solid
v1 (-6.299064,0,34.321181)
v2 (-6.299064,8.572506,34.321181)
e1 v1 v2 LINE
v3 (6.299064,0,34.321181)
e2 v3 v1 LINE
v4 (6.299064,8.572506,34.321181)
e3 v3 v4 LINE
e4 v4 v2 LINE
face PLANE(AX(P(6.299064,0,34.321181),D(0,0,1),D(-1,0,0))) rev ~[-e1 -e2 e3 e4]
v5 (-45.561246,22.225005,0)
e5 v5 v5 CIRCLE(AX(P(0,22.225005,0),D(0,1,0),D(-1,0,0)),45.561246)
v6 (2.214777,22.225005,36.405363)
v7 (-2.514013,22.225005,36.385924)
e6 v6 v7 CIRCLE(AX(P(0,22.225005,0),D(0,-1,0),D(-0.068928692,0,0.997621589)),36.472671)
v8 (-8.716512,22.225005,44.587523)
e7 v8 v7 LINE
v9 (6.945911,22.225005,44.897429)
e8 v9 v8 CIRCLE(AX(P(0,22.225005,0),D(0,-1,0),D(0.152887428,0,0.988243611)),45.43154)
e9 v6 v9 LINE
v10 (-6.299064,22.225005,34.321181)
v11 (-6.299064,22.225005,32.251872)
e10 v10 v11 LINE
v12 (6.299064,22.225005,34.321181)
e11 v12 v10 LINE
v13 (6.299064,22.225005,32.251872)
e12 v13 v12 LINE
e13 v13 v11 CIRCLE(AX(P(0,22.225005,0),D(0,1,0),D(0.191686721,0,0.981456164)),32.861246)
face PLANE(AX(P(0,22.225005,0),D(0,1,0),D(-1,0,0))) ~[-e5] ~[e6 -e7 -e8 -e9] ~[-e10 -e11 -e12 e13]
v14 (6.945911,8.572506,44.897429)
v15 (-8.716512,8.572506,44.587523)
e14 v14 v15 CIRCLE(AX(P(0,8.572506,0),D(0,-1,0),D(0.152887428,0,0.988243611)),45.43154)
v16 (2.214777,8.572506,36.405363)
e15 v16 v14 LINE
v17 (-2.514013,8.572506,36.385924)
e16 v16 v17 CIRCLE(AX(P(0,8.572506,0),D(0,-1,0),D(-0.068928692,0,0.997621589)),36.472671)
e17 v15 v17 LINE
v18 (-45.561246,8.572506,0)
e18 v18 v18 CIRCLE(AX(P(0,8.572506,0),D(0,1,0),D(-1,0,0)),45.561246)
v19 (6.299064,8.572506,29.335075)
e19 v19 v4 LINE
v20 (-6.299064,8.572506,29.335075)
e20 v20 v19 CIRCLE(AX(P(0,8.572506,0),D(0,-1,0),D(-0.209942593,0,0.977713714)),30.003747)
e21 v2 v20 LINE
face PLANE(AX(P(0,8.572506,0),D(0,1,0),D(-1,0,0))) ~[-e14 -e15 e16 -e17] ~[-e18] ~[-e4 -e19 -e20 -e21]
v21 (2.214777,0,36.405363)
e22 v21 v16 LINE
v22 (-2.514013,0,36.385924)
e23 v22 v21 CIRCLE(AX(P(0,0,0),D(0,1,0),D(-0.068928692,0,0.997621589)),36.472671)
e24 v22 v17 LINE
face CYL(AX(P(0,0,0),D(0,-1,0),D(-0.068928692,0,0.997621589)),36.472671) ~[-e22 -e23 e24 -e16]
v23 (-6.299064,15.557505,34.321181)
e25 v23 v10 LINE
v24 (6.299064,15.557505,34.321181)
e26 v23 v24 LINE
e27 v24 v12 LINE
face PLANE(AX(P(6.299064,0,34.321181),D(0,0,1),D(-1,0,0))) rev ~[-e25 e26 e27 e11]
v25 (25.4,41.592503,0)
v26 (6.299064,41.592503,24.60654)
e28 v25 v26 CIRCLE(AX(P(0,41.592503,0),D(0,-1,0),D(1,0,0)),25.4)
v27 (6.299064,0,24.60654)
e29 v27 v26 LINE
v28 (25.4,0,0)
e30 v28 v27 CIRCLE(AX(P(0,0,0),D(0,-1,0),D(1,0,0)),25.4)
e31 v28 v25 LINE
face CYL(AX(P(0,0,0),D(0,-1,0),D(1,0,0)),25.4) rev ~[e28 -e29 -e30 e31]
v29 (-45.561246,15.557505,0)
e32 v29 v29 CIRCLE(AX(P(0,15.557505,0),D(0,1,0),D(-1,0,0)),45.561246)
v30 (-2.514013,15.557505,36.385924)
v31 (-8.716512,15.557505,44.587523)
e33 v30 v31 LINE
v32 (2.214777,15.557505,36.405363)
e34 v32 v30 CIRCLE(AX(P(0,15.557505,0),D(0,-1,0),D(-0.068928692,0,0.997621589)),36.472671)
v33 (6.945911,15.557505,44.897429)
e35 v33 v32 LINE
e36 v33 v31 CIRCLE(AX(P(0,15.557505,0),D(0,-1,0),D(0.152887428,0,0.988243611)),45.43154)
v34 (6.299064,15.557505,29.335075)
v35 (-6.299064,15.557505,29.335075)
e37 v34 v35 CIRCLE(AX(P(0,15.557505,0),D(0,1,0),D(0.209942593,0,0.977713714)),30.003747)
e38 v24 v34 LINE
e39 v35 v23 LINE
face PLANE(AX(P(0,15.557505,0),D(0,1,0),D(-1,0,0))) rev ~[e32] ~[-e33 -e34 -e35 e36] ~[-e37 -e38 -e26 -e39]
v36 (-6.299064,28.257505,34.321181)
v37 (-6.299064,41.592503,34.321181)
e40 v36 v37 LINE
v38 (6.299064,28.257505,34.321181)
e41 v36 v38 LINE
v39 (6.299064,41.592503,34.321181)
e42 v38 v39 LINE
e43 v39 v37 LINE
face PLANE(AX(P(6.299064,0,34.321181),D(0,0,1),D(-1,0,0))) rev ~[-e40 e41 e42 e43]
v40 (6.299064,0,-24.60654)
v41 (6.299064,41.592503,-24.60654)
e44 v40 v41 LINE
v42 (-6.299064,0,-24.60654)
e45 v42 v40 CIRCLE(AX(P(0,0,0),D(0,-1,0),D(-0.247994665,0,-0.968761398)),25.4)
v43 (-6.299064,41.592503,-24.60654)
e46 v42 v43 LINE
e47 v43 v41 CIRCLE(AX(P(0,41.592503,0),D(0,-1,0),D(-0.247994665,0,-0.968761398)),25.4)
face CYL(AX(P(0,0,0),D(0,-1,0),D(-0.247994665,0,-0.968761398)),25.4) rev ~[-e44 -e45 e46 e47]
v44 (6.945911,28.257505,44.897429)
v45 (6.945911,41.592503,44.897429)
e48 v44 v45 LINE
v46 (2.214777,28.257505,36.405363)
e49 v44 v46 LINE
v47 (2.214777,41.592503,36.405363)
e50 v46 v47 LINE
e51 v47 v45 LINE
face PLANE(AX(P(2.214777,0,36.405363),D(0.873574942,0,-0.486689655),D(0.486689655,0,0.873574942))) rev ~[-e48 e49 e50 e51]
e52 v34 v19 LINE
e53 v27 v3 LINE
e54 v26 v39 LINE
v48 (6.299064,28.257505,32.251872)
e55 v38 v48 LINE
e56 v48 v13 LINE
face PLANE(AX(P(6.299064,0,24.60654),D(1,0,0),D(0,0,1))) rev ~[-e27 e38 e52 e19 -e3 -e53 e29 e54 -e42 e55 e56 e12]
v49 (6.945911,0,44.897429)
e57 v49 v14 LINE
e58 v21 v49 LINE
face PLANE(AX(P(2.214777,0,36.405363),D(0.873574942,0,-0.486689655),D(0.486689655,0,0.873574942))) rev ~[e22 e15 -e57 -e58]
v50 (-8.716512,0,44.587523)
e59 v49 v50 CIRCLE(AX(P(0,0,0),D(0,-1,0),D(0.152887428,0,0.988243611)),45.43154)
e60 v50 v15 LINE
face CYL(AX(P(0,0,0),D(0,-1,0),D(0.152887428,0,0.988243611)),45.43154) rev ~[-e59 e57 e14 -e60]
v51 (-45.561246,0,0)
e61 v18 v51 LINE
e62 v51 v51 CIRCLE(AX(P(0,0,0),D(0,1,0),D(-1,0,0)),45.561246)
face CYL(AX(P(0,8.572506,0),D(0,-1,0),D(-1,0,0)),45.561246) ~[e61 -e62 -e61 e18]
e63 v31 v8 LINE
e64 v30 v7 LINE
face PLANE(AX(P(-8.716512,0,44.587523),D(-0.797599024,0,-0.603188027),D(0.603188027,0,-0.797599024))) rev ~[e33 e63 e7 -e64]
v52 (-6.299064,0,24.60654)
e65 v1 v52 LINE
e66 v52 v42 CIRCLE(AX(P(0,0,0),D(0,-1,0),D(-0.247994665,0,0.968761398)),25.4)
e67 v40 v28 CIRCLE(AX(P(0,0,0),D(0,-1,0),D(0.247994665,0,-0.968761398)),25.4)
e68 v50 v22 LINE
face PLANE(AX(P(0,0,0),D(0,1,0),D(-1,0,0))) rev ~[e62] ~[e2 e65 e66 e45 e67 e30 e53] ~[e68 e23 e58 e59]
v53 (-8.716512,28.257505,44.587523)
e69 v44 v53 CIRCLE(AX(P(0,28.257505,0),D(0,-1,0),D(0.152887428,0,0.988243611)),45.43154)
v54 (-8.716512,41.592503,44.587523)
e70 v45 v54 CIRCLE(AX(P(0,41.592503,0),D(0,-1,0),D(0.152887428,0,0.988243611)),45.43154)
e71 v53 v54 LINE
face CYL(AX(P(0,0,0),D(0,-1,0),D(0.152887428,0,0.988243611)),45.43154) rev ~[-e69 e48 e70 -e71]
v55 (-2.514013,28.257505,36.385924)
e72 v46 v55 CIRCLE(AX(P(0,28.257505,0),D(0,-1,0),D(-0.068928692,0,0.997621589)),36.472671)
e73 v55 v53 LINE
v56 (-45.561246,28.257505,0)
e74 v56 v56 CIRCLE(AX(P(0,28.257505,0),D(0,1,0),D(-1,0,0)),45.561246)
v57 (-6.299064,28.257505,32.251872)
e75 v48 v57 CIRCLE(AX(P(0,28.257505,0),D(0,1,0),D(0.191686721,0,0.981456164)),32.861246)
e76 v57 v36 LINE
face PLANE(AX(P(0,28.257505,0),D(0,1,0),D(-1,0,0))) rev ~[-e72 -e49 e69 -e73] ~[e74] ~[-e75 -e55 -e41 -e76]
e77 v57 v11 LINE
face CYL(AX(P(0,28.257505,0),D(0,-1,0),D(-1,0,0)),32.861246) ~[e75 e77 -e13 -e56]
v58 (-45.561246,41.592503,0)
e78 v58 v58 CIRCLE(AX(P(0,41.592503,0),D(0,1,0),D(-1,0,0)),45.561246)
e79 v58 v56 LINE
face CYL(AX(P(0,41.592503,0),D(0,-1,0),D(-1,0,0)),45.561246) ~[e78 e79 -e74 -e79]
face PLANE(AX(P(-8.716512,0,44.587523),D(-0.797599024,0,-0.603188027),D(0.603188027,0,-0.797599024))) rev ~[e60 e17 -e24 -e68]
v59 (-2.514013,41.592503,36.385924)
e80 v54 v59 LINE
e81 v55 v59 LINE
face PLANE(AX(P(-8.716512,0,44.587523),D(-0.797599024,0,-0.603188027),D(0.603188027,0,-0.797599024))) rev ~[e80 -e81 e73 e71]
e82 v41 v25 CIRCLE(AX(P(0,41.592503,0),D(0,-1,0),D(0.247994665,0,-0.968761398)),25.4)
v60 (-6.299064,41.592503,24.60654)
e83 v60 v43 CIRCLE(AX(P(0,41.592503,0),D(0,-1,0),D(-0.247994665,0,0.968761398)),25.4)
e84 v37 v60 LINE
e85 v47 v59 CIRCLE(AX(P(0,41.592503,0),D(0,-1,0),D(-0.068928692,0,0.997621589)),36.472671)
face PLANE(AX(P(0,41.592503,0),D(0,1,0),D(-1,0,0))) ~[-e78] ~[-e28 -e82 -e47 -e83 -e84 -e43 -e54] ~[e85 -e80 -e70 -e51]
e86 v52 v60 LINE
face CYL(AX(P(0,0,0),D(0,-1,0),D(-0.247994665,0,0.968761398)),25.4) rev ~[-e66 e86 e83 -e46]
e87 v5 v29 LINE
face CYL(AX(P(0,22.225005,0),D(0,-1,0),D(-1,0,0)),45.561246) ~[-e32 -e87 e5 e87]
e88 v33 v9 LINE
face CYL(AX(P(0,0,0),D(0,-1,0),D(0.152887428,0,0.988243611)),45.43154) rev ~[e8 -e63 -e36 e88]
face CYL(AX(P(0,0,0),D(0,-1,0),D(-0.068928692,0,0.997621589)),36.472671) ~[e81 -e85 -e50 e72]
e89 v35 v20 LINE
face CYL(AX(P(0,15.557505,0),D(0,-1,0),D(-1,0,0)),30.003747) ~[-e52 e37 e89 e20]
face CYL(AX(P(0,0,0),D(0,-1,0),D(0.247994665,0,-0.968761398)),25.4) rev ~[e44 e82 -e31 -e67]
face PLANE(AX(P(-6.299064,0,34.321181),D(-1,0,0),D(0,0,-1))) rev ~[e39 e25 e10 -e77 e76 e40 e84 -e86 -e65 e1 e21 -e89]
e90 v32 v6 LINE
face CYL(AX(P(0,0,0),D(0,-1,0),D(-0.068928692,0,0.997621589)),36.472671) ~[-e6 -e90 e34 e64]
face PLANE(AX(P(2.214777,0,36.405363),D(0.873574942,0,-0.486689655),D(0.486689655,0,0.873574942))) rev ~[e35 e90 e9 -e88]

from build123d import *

# Parameters (mm, degrees)
F3_D     = 13.1064
F2_W     = 6.2990644947
F2_H     = 14.0903731808
F2_W_2   = 3.3267904073
F4_DEPTH = 121.412
F6_DEPTH = 62.23


with BuildPart() as f1:
    # F0 (on Top) → F1 (revolve)
    with BuildSketch(Plane.XY):
        Polygon((-45.5612460607, 0), (0, 0), (0, 41.5925026262), (-45.5612460607, 41.5925026262), (-45.5612460607, 28.2575048772), (-32.8612460607, 28.2575048772), (-32.8612460607, 22.2250052524), (-45.5612460607, 22.2250052524), (-45.5612460607, 15.5575048772), (-30.0037471862, 15.5575048772), (-30.0037471862, 8.5725056276), (-45.5612460607, 8.5725056276), align=None)
    revolve(axis=Axis((0, 20.7962513131, 0), (0, 1, 0)))

    # F3 (through all)
    with Locations(Plane.XZ):
        with Locations((0, 0)):
            Hole(F3_D / 2)

    # F2 (on face) → F4 (cut)
    with BuildSketch(Plane.XZ):
        with BuildLine():
            ThreePointArc((-6.2990644947, 24.6065395066), (0, 25.4), (6.2990644947, 24.6065395066))
            Line((6.2990644947, 24.6065395066), (6.2990644947, 34.3211814761))
            Line((6.2990644947, 34.3211814761), (-6.2990644947, 34.3211814761))
            Line((-6.2990644947, 34.3211814761), (-6.2990644947, 24.6065395066))
        make_face()
        with BuildLine():
            Line((-6.2990644947, -24.6065395066), (-6.2990644947, 24.6065395066))
            ThreePointArc((-6.2990644947, 24.6065395066), (-25.4, 0), (-6.2990644947, -24.6065395066))
        make_face()
        with BuildLine():
            ThreePointArc((6.2990644947, -24.6065395066), (20.0643494557, -15.5750403183), (25.4, 0))
            ThreePointArc((25.4, 0), (20.0643494557, 15.5750403183), (6.2990644947, 24.6065395066))
            Line((6.2990644947, 24.6065395066), (6.2990644947, 14.0903731808))
            Line((6.2990644947, 14.0903731808), (9.625854902, 14.0903731808))
            Line((9.625854902, 14.0903731808), (9.625854902, 0))
            Line((9.625854902, 0), (6.2990644947, 0))
            Line((6.2990644947, 0), (6.2990644947, -24.6065395066))
        make_face()
        with BuildLine():
            Line((6.2990644947, 14.0903731808), (6.2990644947, 24.6065395066))
            ThreePointArc((6.2990644947, 24.6065395066), (0, 25.4), (-6.2990644947, 24.6065395066))
            Line((-6.2990644947, 24.6065395066), (-6.2990644947, -24.6065395066))
            ThreePointArc((-6.2990644947, -24.6065395066), (0, -25.4), (6.2990644947, -24.6065395066))
            Line((6.2990644947, -24.6065395066), (6.2990644947, 0))
            Line((6.2990644947, 0), (0, 0))
            Line((0, 0), (0, 14.0903731808))
            Line((0, 14.0903731808), (6.2990644947, 14.0903731808))
        make_face()
        with Locations((3.1495322473, 7.0451865904)):
            Rectangle(F2_W, F2_H)
        with Locations((7.9624596983, 7.0451865904)):
            Rectangle(F2_W_2, F2_H)
    extrude(amount=-F4_DEPTH, mode=Mode.SUBTRACT)

    # F5 (on face) → F6 (cut)
    with BuildSketch(Plane.XZ):
        with BuildLine():
            ThreePointArc((-2.5140134585, 36.3859235352), (-0.149933756, 36.4723623453), (2.2147767132, 36.4053630567))
            Line((2.2147767132, 36.4053630567), (6.9459112404, 44.897428845))
            ThreePointArc((6.9459112404, 44.897428845), (-0.8987586114, 45.4226488969), (-8.7165118801, 44.5875231483))
            Line((-8.7165118801, 44.5875231483), (-2.5140134585, 36.3859235352))
        make_face()
    extrude(amount=-F6_DEPTH, mode=Mode.SUBTRACT)


solid = f1.part
